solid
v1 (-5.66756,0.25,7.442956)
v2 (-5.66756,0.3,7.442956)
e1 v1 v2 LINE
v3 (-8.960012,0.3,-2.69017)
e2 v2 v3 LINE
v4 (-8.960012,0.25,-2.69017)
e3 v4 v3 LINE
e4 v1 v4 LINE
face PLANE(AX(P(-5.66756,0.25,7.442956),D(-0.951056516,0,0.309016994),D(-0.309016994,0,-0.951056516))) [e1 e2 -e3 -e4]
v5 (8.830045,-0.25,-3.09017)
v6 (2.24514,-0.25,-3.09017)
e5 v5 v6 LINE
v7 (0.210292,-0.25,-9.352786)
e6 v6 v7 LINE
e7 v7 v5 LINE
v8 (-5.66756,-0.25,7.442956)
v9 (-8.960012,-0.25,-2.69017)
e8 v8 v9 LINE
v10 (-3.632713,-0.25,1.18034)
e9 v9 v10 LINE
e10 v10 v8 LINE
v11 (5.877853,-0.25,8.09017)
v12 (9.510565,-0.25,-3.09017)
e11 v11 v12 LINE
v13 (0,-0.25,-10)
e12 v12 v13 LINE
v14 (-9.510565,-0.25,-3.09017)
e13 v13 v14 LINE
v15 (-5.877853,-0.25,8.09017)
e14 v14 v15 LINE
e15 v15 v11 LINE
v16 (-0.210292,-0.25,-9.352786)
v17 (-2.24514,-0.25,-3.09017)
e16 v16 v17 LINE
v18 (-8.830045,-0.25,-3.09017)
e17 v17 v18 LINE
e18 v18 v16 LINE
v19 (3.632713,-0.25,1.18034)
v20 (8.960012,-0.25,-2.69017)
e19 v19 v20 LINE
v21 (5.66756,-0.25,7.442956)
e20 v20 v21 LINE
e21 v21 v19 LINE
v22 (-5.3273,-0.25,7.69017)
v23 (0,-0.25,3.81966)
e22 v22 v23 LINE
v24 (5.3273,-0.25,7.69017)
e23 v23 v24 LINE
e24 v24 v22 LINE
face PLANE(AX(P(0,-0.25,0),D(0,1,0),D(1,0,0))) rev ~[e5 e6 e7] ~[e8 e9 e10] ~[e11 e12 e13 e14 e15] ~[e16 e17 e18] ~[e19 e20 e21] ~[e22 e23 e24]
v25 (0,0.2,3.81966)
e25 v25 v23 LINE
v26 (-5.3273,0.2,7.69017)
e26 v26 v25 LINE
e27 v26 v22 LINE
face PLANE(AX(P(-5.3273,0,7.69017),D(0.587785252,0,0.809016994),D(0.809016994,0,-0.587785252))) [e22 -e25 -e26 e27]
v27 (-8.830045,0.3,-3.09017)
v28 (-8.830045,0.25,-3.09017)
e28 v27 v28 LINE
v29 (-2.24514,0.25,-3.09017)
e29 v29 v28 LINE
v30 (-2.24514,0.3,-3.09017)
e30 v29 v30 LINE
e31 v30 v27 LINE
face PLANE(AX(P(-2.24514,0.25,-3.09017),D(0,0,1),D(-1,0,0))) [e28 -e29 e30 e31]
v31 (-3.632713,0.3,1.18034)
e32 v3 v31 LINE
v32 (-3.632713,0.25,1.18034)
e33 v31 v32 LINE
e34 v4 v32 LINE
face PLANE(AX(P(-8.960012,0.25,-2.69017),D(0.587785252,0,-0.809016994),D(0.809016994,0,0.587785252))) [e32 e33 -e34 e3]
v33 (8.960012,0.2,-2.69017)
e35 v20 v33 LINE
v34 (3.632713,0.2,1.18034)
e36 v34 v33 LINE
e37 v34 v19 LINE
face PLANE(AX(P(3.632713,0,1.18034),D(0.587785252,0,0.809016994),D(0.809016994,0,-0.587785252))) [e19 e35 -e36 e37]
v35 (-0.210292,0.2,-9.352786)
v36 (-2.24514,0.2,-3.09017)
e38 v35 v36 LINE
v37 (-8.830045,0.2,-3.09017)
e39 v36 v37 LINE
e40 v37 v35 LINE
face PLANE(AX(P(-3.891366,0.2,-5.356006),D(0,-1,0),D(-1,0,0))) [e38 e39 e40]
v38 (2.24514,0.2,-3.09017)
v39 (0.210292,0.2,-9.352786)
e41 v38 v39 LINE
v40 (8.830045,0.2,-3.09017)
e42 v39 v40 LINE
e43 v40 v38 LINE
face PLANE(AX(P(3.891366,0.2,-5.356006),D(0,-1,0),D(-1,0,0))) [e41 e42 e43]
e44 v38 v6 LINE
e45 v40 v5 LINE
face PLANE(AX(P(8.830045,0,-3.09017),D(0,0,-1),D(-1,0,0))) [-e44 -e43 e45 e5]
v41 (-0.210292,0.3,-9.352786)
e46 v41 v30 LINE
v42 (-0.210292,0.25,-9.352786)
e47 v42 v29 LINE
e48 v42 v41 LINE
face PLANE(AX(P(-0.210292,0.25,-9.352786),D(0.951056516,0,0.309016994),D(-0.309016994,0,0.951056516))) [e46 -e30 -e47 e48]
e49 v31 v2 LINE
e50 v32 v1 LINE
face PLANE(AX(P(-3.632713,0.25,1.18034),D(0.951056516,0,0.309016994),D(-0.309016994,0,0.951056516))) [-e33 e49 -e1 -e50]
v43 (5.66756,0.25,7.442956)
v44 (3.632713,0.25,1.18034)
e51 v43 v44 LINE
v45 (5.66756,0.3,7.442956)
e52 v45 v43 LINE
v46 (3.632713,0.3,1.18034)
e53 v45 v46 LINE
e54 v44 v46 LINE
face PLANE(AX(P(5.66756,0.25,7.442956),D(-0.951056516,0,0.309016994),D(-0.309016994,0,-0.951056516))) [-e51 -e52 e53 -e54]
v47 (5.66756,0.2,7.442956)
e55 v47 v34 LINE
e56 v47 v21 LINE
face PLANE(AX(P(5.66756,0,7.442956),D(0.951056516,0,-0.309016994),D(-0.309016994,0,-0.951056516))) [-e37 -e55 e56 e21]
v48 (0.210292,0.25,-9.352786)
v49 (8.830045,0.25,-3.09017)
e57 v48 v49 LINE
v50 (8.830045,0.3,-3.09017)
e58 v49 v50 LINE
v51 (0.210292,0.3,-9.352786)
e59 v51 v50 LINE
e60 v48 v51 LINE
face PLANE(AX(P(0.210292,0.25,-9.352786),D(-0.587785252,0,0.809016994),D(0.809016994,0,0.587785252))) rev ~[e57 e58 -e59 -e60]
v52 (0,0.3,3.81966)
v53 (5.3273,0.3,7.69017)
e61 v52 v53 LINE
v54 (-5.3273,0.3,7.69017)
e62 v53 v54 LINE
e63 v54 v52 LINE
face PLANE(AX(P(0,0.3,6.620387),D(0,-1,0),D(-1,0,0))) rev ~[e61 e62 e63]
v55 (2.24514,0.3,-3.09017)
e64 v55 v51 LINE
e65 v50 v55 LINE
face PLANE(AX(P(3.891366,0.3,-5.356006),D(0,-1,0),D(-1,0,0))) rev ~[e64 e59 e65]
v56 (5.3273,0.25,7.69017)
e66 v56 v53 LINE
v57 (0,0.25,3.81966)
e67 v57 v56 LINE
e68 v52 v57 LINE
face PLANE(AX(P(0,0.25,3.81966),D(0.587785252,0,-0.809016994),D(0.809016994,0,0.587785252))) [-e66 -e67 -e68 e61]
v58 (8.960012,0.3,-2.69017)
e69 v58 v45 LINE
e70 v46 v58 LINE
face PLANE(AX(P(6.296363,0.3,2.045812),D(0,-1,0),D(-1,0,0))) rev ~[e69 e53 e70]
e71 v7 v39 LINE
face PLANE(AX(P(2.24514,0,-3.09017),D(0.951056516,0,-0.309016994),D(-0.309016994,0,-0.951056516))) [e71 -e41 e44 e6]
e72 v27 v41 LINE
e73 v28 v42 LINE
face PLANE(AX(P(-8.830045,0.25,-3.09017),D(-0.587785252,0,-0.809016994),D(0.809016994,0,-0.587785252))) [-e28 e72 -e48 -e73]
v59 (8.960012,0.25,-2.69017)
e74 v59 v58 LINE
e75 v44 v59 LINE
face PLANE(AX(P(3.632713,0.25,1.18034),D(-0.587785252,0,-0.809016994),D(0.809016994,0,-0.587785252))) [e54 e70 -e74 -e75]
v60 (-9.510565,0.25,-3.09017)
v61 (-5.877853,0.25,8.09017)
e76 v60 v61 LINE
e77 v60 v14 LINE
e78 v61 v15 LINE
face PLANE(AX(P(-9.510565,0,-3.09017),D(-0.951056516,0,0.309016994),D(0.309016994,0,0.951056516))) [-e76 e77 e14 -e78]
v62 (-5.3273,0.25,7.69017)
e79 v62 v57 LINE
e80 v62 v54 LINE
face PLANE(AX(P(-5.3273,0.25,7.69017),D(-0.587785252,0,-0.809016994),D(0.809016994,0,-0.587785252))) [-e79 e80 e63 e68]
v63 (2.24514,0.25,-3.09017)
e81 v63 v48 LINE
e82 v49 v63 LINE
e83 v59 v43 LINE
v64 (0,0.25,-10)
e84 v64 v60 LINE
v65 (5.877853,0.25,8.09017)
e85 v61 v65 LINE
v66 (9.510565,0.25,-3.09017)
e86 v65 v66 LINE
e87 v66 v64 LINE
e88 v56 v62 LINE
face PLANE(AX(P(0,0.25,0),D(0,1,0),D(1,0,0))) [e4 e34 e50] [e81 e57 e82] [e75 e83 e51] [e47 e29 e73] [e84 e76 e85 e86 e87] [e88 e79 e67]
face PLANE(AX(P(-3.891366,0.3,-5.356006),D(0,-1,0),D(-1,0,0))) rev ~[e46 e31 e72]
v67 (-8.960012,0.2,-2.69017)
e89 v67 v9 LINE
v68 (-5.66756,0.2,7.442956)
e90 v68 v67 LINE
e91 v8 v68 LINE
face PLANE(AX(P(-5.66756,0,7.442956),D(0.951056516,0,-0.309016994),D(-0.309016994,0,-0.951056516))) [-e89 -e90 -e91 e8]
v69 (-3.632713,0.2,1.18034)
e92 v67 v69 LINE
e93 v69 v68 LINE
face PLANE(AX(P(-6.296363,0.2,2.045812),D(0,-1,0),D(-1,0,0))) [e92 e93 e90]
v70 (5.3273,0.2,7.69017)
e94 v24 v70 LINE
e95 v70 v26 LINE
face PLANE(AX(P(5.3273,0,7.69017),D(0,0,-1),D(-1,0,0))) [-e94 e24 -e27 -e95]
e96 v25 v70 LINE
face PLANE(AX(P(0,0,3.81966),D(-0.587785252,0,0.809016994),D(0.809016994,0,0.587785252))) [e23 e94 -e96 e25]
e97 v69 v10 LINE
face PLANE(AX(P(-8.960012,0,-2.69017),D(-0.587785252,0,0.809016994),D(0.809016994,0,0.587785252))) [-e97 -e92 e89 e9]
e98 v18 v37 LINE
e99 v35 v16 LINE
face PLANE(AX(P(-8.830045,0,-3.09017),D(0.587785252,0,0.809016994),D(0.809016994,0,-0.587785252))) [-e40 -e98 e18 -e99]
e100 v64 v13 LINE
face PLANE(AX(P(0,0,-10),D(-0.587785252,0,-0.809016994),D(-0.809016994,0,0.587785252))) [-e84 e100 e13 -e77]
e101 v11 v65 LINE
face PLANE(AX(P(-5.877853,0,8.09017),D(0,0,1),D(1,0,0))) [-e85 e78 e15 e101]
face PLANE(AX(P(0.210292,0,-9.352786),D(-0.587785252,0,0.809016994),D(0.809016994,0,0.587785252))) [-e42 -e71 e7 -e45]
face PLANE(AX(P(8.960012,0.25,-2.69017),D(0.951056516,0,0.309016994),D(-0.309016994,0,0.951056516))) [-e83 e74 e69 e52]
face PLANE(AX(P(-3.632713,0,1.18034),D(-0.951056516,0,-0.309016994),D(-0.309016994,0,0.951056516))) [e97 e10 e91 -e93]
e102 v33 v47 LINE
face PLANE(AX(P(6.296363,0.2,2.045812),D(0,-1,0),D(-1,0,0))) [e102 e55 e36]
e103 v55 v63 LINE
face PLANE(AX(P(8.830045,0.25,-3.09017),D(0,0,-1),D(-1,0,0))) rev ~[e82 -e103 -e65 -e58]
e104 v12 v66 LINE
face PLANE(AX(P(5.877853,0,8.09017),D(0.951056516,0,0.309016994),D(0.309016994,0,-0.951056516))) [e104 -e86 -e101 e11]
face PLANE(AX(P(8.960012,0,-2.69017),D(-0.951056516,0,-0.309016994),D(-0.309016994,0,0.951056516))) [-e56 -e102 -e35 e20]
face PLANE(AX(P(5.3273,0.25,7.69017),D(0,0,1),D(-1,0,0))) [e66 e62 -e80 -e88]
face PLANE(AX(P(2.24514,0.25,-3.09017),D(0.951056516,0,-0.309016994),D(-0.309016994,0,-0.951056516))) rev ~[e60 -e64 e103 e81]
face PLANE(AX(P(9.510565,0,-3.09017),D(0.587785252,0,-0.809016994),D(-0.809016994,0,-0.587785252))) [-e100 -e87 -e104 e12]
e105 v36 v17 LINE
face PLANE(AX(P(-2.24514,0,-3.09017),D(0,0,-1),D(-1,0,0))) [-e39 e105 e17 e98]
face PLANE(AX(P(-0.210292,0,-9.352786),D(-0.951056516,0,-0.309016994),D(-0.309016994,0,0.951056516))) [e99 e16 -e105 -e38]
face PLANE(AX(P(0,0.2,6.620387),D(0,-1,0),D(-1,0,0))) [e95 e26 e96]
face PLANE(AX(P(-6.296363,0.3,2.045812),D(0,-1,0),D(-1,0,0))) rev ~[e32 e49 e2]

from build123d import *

# Parameters (mm, degrees)
BOSS_EXTRUDE1_DEPTH = 0.25
BOSS_EXTRUDE2_DEPTH = 0.05


with BuildPart() as part:
    # Sketch1 → Boss-Extrude1 (new, symmetric)
    with BuildSketch(Plane(origin=(0, 0, 0), x_dir=(1, 0, 0), z_dir=(0, 1, 0))):
        Polygon((-5.877852523, -8.090169944), (5.877852523, -8.090169944), (9.510565163, 3.090169944), (0, 10), (-9.510565163, 3.090169944), align=None)
        Polygon((-5.667560078, -7.442956348), (-8.960012395, 2.690169944), (-3.63271264, -1.180339887), align=None, mode=Mode.SUBTRACT)
        Polygon((5.327299755, -7.690169944), (-5.327299755, -7.690169944), (0, -3.819660113), align=None, mode=Mode.SUBTRACT)
        Polygon((8.960012395, 2.690169944), (5.667560078, -7.442956348), (3.63271264, -1.180339887), align=None, mode=Mode.SUBTRACT)
        Polygon((-8.830044516, 3.090169944), (-0.210292445, 9.352786405), (-2.245139883, 3.090169944), align=None, mode=Mode.SUBTRACT)
        Polygon((0.210292445, 9.352786405), (8.830044516, 3.090169944), (2.245139883, 3.090169944), align=None, mode=Mode.SUBTRACT)
    extrude(amount=BOSS_EXTRUDE1_DEPTH, both=True)

    # Sketch2 → Boss-Extrude2 (add, symmetric)
    with BuildSketch(Plane(origin=(0, 0.25, 0), x_dir=(1, 0, 0), z_dir=(0, 1, 0))):
        Polygon((-2.245139883, 3.090169944), (-8.830044516, 3.090169944), (-0.210292445, 9.352786405), align=None)
        Polygon((-8.960012395, 2.690169944), (-3.63271264, -1.180339887), (-5.667560078, -7.442956348), align=None)
        Polygon((-5.327299755, -7.690169944), (0, -3.819660113), (5.327299755, -7.690169944), align=None)
        Polygon((8.960012395, 2.690169944), (5.667560078, -7.442956348), (3.63271264, -1.180339887), align=None)
        Polygon((8.830044516, 3.090169944), (2.245139883, 3.090169944), (0.210292445, 9.352786405), align=None)
    extrude(amount=BOSS_EXTRUDE2_DEPTH, both=True)


solid = part.part
